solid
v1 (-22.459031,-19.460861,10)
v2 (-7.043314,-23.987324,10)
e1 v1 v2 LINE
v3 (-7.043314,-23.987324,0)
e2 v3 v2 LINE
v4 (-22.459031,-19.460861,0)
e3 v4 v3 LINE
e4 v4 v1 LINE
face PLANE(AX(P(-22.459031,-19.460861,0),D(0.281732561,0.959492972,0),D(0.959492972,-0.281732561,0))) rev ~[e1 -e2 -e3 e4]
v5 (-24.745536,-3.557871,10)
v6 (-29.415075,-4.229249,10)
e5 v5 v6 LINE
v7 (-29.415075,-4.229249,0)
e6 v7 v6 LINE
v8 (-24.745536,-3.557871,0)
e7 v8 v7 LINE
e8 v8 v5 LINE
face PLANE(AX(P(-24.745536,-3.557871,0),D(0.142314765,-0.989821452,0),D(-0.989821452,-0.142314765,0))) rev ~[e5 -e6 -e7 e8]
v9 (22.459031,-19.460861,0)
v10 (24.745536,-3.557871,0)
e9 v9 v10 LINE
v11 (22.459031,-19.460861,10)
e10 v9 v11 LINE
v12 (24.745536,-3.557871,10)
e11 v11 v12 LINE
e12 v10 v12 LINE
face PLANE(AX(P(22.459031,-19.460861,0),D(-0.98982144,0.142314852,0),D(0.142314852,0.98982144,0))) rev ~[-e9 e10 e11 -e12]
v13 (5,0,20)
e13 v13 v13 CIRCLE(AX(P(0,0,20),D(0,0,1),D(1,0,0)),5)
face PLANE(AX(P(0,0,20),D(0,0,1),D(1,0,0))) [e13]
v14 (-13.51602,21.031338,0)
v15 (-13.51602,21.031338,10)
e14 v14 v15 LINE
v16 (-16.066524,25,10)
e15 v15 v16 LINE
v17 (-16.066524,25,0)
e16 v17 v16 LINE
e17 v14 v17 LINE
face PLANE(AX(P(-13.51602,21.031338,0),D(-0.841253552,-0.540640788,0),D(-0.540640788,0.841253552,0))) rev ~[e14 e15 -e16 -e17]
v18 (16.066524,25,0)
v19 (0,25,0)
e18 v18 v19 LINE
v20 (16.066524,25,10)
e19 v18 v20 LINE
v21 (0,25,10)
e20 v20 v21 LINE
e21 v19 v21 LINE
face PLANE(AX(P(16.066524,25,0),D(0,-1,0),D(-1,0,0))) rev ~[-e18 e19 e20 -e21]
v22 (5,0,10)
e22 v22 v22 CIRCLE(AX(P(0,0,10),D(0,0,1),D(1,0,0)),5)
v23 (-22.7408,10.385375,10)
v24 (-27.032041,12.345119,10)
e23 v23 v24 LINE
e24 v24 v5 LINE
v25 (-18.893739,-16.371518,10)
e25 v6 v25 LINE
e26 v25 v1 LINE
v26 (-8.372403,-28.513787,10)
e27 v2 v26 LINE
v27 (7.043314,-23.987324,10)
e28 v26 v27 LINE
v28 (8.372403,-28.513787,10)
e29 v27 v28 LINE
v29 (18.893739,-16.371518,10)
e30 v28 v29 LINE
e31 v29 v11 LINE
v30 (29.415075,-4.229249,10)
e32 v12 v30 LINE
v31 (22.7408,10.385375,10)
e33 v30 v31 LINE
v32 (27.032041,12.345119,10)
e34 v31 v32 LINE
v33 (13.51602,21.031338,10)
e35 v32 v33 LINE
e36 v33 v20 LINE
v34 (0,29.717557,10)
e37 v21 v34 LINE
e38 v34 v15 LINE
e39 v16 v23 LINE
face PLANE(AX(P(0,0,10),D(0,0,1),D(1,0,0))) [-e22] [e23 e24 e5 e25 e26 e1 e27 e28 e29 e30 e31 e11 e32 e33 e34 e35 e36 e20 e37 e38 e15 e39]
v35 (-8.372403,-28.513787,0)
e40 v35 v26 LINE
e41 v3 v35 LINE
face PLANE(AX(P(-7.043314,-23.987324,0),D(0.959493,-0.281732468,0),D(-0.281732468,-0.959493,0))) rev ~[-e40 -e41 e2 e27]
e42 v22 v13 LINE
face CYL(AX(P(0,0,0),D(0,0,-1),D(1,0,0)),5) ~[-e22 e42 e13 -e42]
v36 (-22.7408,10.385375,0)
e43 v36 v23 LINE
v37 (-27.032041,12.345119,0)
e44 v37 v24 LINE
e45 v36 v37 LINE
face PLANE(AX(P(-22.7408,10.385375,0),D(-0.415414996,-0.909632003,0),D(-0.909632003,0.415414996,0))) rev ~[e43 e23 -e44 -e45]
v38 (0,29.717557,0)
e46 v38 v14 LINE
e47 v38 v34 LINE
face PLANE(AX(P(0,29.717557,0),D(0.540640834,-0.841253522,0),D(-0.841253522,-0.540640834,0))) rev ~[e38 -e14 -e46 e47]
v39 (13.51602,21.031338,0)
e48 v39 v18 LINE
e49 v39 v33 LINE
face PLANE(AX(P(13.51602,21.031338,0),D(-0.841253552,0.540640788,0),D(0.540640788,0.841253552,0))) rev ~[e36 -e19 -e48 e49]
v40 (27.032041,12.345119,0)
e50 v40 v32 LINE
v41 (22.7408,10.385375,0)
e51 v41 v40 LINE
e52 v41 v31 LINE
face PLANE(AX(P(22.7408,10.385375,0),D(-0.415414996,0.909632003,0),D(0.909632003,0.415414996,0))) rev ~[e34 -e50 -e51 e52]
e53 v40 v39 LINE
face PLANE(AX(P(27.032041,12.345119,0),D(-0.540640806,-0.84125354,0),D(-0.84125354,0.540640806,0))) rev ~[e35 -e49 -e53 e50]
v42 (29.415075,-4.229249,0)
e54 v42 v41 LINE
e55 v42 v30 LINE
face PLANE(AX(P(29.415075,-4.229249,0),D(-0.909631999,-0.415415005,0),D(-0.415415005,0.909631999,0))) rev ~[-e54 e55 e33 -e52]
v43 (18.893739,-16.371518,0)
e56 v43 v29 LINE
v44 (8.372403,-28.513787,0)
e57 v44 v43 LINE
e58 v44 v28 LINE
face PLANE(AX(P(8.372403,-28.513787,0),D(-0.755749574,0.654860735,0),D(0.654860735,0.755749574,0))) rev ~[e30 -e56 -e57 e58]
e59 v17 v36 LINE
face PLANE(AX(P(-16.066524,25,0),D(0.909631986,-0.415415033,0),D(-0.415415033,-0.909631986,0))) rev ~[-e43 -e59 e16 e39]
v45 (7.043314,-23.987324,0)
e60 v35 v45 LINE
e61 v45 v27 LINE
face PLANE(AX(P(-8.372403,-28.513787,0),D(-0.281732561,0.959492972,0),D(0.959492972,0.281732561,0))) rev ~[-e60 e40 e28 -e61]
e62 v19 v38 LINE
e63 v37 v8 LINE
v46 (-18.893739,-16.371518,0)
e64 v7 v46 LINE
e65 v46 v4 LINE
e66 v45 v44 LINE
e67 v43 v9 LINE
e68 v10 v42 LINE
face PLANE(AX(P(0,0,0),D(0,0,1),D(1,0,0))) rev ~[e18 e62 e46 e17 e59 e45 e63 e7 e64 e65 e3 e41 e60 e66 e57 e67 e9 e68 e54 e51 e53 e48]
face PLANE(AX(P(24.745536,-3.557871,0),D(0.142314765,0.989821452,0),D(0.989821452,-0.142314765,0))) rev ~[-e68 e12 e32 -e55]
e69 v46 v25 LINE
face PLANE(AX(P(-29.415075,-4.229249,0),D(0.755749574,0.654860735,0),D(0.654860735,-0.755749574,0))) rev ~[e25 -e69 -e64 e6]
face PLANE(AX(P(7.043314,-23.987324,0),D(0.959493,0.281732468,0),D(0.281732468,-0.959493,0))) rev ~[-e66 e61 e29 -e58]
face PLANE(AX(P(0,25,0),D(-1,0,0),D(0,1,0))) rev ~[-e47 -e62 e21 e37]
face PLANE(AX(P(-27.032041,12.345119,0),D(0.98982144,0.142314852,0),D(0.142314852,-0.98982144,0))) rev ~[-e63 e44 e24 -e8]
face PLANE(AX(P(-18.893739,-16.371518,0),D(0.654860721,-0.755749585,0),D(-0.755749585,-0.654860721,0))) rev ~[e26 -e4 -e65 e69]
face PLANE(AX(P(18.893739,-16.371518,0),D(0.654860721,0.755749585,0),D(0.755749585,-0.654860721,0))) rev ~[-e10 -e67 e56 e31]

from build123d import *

# Parameters (mm, degrees)
F0_R     = 5
F1_DEPTH = 10
F2_DEPTH = 20


with BuildPart() as f1:
    # F0 (on Top) → F1 (new body)
    with BuildSketch(Plane.XY):
        Polygon((22.7408, 10.385375), (27.032041, 12.345119), (13.51602, 21.031338), (16.066524, 25), (0, 25), (0, 29.717557), (-13.51602, 21.031338), (-16.066524, 25), (-22.7408, 10.385375), (-27.032041, 12.345119), (-24.745536, -3.557871), (-29.415075, -4.229249), (-18.893739, -16.371518), (-22.459031, -19.460861), (-7.043314, -23.987324), (-8.372403, -28.513787), (7.043314, -23.987324), (8.372403, -28.513787), (18.893739, -16.371518), (22.459031, -19.460861), (24.745536, -3.557871), (29.415075, -4.229249), align=None)
        Circle(F0_R, mode=Mode.SUBTRACT)
    extrude(amount=F1_DEPTH)

    # F0 (on Top) → F2 (join)
    with BuildSketch(Plane.XY):
        Circle(F0_R)
    extrude(amount=F2_DEPTH)


solid = f1.part
